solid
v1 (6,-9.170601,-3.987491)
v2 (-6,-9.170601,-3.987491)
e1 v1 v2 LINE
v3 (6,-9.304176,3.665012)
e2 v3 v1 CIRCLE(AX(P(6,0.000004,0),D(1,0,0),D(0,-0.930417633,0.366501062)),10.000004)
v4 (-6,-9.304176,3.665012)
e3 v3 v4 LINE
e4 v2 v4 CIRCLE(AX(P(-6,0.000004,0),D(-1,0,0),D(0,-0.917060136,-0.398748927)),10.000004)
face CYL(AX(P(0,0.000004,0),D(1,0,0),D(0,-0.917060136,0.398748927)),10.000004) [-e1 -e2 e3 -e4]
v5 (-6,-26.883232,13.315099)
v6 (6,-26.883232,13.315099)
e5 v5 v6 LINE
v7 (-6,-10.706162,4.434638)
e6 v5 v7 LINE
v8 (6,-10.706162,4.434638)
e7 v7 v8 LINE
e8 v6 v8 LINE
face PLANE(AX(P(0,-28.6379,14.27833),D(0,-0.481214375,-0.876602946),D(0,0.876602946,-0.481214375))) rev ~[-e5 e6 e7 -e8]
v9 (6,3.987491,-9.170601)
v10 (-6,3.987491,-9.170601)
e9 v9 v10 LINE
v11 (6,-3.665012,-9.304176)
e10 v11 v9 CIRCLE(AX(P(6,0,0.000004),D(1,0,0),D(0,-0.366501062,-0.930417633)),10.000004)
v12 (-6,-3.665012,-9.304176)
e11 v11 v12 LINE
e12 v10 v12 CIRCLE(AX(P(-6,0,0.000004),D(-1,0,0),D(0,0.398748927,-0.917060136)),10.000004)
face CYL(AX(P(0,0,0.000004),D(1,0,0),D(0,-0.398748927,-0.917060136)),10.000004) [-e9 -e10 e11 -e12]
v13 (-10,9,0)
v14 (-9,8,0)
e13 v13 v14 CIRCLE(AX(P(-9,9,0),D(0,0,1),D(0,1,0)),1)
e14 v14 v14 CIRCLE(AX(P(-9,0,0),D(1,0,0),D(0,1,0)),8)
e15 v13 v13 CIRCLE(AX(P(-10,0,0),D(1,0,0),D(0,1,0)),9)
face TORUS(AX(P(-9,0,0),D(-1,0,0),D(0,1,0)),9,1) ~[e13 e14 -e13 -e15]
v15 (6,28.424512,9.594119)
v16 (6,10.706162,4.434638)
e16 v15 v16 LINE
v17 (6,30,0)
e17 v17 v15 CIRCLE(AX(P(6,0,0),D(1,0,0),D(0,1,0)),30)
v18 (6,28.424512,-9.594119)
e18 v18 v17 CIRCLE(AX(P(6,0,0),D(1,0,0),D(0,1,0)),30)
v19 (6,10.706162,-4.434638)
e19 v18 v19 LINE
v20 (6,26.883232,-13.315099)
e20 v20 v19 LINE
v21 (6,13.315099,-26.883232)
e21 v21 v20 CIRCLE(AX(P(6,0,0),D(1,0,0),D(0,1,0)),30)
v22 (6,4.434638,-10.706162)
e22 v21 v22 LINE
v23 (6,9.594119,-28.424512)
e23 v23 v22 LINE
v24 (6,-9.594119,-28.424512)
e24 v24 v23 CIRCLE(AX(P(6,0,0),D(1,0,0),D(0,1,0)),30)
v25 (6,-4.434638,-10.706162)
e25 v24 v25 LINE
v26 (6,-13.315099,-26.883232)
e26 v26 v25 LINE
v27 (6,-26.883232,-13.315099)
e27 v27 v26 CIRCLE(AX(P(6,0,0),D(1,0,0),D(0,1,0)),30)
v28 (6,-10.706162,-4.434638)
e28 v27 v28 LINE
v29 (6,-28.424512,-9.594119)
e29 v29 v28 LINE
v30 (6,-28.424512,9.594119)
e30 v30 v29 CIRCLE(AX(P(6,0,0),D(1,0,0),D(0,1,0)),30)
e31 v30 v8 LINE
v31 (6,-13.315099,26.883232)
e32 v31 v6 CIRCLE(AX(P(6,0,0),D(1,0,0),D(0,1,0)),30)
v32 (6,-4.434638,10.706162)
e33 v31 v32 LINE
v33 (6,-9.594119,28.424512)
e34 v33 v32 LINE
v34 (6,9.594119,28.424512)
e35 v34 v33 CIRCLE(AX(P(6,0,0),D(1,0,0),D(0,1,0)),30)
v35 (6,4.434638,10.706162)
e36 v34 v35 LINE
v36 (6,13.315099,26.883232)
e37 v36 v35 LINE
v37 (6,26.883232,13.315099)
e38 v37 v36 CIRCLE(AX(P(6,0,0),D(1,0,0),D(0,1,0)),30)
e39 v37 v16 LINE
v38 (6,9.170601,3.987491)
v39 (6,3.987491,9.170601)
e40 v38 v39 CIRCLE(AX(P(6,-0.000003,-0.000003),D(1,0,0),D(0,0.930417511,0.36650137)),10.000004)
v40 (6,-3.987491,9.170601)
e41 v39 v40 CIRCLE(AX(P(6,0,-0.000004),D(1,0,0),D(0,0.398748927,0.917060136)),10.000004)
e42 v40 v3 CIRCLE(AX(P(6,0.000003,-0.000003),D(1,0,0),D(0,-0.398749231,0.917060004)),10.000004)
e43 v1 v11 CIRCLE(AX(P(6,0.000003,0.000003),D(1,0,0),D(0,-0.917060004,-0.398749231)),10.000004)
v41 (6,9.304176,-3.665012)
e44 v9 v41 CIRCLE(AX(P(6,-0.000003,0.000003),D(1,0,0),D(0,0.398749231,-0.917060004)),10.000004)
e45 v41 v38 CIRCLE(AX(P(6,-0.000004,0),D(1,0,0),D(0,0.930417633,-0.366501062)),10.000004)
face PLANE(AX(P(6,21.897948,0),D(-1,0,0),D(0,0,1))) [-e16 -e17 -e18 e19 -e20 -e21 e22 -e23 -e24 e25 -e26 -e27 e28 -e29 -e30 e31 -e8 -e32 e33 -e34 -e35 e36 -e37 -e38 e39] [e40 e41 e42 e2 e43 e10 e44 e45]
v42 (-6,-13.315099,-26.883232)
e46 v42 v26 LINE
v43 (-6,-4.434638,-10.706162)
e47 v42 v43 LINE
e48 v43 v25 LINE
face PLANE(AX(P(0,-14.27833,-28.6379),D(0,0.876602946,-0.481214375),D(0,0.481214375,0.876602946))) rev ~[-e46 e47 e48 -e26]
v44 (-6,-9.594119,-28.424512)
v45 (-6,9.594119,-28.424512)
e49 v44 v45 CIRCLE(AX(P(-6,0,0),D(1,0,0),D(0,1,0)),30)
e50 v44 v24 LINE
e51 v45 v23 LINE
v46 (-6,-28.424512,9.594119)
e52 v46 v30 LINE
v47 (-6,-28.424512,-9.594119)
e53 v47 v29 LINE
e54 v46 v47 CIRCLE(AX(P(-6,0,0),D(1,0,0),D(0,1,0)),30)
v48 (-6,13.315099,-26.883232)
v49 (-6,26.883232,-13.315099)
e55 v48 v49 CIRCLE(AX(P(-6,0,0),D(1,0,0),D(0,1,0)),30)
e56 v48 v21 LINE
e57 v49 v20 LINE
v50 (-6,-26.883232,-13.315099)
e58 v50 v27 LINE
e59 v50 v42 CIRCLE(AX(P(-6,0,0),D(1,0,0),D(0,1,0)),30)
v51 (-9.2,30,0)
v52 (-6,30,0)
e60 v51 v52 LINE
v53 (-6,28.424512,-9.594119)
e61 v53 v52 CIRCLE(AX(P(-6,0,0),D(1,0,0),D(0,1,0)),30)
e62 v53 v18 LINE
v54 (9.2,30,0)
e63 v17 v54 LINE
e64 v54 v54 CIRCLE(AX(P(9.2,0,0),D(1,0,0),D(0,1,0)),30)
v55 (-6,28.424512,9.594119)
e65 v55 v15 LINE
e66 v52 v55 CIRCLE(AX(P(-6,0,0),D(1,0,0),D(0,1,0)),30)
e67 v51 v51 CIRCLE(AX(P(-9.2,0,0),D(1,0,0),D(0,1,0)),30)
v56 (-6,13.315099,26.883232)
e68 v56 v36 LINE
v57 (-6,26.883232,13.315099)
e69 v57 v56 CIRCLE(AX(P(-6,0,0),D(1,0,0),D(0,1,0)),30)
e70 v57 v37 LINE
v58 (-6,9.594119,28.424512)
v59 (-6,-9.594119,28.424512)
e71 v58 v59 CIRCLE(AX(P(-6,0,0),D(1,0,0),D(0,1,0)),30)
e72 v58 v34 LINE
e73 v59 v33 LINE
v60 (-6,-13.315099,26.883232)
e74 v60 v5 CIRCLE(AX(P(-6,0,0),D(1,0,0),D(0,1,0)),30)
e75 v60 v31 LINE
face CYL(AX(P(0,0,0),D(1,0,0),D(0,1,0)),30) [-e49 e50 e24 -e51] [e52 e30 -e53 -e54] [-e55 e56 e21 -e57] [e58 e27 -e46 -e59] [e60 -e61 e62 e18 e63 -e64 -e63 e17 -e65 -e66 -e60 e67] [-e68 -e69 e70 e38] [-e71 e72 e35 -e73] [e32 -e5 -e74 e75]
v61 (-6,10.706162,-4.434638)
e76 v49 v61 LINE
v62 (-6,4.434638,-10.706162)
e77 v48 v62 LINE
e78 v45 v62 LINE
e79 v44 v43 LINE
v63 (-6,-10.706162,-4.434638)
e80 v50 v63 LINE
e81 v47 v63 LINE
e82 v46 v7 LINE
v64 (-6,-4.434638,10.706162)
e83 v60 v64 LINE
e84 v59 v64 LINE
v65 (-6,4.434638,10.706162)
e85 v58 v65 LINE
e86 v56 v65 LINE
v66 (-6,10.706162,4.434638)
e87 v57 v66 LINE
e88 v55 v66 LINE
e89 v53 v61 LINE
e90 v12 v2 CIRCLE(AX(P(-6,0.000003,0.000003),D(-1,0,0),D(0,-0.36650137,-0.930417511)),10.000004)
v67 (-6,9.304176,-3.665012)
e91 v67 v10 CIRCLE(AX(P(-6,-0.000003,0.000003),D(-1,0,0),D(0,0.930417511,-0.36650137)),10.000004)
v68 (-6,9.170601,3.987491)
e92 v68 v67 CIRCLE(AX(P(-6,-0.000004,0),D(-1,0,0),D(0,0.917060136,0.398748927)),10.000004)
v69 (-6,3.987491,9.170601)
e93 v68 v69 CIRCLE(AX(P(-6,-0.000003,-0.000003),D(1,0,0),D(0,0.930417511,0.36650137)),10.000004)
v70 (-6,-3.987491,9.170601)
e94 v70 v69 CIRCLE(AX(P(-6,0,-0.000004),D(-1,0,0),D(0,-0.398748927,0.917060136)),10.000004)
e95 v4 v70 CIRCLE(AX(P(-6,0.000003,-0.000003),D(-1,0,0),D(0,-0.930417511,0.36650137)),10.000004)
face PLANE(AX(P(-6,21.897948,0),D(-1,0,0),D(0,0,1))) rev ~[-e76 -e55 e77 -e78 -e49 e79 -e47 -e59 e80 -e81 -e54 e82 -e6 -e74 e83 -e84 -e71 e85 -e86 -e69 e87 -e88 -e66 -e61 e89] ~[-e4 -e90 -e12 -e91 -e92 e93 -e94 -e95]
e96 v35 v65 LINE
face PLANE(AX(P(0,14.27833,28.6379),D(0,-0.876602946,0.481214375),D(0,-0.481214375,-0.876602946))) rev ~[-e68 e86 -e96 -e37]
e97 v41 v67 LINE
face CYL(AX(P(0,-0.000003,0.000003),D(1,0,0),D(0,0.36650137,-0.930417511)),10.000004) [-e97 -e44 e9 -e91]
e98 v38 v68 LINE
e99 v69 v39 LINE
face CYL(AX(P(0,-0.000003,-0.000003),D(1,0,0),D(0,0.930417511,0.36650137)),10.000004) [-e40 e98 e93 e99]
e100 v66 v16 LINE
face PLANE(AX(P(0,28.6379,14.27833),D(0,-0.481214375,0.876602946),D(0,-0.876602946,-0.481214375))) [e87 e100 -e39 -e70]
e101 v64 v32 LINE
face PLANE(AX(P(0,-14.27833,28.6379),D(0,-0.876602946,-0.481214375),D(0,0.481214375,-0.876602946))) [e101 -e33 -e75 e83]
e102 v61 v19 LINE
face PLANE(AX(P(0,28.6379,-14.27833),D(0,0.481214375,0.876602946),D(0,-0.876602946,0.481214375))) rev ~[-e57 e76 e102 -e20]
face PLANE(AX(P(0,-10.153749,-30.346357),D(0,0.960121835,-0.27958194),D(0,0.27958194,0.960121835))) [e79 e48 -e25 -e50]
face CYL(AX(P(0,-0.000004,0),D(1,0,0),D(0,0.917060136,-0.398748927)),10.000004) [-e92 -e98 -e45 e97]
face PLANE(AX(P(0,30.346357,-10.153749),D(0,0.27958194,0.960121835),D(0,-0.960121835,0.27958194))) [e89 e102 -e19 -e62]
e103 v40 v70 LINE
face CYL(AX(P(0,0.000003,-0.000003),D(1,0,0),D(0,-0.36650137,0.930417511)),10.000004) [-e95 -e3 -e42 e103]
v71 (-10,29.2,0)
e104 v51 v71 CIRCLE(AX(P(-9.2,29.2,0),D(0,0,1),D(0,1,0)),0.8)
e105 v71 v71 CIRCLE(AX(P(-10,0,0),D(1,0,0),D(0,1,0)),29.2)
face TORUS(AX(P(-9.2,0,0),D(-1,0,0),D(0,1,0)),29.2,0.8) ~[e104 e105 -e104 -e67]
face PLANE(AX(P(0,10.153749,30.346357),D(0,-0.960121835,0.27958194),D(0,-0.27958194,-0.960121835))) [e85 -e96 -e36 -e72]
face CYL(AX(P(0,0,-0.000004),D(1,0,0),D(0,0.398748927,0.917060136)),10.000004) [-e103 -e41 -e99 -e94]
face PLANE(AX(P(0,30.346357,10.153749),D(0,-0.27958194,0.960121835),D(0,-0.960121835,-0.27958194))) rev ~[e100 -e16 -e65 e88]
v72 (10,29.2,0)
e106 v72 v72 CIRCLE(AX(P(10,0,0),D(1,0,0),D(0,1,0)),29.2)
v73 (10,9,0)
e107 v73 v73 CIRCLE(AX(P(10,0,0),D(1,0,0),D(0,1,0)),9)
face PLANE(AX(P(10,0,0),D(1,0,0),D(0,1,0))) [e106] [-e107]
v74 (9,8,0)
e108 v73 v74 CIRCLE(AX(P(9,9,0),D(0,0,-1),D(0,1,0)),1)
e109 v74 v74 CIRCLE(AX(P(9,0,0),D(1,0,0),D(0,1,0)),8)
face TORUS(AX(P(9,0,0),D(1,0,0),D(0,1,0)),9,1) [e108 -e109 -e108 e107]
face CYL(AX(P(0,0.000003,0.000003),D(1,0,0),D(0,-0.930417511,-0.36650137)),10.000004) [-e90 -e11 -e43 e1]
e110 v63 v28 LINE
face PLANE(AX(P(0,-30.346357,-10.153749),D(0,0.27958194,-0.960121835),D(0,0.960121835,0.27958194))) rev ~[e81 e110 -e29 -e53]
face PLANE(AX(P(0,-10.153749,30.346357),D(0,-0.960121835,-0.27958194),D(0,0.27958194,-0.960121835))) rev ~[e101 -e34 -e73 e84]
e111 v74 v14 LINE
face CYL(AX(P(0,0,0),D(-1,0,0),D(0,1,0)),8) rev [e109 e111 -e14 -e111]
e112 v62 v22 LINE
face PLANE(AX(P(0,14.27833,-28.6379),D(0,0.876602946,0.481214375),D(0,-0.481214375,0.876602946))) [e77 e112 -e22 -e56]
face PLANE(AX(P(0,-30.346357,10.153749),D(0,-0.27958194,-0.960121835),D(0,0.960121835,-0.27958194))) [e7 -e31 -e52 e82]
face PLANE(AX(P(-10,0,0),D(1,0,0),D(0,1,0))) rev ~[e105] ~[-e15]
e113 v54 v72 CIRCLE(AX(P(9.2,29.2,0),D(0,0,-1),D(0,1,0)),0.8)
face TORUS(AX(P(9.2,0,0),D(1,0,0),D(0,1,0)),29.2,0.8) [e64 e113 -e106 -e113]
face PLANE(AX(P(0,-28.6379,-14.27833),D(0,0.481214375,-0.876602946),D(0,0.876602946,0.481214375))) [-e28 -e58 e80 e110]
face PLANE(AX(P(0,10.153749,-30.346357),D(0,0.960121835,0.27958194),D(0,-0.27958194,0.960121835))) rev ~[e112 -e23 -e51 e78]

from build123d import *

# Parameters (mm, degrees)
SKETCH_R           = 30
SKETCH_R_2         = 8
PAD_DEPTH          = 10
POCKET_DEPTH       = 6
POLARPATTERN_COUNT = 8
FILLET_R           = 0.8
FILLET001_R        = 1


with BuildPart() as part:
    # Sketch → Pad (new body, symmetric)
    with BuildSketch(Plane.YZ):
        Circle(SKETCH_R)
        Circle(SKETCH_R_2, mode=Mode.SUBTRACT)
    extrude(amount=PAD_DEPTH, both=True)

    # Sketch001 → Pocket (cut, symmetric)
    with BuildSketch(Plane.YZ):
        with BuildLine():
            ThreePointArc((3.987491, 9.170601), (0, 10), (-3.987491, 9.170601))
            Line((-10.153749, 30.346357), (-3.987491, 9.170601))
            ThreePointArc((10.153749, 30.346357), (0, 32), (-10.153749, 30.346357))
            Line((10.153749, 30.346357), (3.987491, 9.170601))
        make_face()
    pocket = extrude(amount=POCKET_DEPTH, both=True, mode=Mode.SUBTRACT)

    # PolarPattern: Pocket ×8 about axis
    polarpattern_axis = Axis((0, 0, 0), (1, 0, 0))
    for i in range(1, POLARPATTERN_COUNT):
        add(pocket.rotate(polarpattern_axis, i * 360 / POLARPATTERN_COUNT), mode=Mode.SUBTRACT)

    # Fillet
    fillet_edges = [part.edges().sort_by_distance(p)[0] for p in [
        (10, -30, 0),
        (-10, -30, 0),
    ]]
    fillet(fillet_edges, radius=FILLET_R)

    # Fillet001
    fillet001_edges = [part.edges().sort_by_distance(p)[0] for p in [
        (-10, -8, 0),
        (10, -8, 0),
    ]]
    fillet(fillet001_edges, radius=FILLET001_R)


solid = part.part
